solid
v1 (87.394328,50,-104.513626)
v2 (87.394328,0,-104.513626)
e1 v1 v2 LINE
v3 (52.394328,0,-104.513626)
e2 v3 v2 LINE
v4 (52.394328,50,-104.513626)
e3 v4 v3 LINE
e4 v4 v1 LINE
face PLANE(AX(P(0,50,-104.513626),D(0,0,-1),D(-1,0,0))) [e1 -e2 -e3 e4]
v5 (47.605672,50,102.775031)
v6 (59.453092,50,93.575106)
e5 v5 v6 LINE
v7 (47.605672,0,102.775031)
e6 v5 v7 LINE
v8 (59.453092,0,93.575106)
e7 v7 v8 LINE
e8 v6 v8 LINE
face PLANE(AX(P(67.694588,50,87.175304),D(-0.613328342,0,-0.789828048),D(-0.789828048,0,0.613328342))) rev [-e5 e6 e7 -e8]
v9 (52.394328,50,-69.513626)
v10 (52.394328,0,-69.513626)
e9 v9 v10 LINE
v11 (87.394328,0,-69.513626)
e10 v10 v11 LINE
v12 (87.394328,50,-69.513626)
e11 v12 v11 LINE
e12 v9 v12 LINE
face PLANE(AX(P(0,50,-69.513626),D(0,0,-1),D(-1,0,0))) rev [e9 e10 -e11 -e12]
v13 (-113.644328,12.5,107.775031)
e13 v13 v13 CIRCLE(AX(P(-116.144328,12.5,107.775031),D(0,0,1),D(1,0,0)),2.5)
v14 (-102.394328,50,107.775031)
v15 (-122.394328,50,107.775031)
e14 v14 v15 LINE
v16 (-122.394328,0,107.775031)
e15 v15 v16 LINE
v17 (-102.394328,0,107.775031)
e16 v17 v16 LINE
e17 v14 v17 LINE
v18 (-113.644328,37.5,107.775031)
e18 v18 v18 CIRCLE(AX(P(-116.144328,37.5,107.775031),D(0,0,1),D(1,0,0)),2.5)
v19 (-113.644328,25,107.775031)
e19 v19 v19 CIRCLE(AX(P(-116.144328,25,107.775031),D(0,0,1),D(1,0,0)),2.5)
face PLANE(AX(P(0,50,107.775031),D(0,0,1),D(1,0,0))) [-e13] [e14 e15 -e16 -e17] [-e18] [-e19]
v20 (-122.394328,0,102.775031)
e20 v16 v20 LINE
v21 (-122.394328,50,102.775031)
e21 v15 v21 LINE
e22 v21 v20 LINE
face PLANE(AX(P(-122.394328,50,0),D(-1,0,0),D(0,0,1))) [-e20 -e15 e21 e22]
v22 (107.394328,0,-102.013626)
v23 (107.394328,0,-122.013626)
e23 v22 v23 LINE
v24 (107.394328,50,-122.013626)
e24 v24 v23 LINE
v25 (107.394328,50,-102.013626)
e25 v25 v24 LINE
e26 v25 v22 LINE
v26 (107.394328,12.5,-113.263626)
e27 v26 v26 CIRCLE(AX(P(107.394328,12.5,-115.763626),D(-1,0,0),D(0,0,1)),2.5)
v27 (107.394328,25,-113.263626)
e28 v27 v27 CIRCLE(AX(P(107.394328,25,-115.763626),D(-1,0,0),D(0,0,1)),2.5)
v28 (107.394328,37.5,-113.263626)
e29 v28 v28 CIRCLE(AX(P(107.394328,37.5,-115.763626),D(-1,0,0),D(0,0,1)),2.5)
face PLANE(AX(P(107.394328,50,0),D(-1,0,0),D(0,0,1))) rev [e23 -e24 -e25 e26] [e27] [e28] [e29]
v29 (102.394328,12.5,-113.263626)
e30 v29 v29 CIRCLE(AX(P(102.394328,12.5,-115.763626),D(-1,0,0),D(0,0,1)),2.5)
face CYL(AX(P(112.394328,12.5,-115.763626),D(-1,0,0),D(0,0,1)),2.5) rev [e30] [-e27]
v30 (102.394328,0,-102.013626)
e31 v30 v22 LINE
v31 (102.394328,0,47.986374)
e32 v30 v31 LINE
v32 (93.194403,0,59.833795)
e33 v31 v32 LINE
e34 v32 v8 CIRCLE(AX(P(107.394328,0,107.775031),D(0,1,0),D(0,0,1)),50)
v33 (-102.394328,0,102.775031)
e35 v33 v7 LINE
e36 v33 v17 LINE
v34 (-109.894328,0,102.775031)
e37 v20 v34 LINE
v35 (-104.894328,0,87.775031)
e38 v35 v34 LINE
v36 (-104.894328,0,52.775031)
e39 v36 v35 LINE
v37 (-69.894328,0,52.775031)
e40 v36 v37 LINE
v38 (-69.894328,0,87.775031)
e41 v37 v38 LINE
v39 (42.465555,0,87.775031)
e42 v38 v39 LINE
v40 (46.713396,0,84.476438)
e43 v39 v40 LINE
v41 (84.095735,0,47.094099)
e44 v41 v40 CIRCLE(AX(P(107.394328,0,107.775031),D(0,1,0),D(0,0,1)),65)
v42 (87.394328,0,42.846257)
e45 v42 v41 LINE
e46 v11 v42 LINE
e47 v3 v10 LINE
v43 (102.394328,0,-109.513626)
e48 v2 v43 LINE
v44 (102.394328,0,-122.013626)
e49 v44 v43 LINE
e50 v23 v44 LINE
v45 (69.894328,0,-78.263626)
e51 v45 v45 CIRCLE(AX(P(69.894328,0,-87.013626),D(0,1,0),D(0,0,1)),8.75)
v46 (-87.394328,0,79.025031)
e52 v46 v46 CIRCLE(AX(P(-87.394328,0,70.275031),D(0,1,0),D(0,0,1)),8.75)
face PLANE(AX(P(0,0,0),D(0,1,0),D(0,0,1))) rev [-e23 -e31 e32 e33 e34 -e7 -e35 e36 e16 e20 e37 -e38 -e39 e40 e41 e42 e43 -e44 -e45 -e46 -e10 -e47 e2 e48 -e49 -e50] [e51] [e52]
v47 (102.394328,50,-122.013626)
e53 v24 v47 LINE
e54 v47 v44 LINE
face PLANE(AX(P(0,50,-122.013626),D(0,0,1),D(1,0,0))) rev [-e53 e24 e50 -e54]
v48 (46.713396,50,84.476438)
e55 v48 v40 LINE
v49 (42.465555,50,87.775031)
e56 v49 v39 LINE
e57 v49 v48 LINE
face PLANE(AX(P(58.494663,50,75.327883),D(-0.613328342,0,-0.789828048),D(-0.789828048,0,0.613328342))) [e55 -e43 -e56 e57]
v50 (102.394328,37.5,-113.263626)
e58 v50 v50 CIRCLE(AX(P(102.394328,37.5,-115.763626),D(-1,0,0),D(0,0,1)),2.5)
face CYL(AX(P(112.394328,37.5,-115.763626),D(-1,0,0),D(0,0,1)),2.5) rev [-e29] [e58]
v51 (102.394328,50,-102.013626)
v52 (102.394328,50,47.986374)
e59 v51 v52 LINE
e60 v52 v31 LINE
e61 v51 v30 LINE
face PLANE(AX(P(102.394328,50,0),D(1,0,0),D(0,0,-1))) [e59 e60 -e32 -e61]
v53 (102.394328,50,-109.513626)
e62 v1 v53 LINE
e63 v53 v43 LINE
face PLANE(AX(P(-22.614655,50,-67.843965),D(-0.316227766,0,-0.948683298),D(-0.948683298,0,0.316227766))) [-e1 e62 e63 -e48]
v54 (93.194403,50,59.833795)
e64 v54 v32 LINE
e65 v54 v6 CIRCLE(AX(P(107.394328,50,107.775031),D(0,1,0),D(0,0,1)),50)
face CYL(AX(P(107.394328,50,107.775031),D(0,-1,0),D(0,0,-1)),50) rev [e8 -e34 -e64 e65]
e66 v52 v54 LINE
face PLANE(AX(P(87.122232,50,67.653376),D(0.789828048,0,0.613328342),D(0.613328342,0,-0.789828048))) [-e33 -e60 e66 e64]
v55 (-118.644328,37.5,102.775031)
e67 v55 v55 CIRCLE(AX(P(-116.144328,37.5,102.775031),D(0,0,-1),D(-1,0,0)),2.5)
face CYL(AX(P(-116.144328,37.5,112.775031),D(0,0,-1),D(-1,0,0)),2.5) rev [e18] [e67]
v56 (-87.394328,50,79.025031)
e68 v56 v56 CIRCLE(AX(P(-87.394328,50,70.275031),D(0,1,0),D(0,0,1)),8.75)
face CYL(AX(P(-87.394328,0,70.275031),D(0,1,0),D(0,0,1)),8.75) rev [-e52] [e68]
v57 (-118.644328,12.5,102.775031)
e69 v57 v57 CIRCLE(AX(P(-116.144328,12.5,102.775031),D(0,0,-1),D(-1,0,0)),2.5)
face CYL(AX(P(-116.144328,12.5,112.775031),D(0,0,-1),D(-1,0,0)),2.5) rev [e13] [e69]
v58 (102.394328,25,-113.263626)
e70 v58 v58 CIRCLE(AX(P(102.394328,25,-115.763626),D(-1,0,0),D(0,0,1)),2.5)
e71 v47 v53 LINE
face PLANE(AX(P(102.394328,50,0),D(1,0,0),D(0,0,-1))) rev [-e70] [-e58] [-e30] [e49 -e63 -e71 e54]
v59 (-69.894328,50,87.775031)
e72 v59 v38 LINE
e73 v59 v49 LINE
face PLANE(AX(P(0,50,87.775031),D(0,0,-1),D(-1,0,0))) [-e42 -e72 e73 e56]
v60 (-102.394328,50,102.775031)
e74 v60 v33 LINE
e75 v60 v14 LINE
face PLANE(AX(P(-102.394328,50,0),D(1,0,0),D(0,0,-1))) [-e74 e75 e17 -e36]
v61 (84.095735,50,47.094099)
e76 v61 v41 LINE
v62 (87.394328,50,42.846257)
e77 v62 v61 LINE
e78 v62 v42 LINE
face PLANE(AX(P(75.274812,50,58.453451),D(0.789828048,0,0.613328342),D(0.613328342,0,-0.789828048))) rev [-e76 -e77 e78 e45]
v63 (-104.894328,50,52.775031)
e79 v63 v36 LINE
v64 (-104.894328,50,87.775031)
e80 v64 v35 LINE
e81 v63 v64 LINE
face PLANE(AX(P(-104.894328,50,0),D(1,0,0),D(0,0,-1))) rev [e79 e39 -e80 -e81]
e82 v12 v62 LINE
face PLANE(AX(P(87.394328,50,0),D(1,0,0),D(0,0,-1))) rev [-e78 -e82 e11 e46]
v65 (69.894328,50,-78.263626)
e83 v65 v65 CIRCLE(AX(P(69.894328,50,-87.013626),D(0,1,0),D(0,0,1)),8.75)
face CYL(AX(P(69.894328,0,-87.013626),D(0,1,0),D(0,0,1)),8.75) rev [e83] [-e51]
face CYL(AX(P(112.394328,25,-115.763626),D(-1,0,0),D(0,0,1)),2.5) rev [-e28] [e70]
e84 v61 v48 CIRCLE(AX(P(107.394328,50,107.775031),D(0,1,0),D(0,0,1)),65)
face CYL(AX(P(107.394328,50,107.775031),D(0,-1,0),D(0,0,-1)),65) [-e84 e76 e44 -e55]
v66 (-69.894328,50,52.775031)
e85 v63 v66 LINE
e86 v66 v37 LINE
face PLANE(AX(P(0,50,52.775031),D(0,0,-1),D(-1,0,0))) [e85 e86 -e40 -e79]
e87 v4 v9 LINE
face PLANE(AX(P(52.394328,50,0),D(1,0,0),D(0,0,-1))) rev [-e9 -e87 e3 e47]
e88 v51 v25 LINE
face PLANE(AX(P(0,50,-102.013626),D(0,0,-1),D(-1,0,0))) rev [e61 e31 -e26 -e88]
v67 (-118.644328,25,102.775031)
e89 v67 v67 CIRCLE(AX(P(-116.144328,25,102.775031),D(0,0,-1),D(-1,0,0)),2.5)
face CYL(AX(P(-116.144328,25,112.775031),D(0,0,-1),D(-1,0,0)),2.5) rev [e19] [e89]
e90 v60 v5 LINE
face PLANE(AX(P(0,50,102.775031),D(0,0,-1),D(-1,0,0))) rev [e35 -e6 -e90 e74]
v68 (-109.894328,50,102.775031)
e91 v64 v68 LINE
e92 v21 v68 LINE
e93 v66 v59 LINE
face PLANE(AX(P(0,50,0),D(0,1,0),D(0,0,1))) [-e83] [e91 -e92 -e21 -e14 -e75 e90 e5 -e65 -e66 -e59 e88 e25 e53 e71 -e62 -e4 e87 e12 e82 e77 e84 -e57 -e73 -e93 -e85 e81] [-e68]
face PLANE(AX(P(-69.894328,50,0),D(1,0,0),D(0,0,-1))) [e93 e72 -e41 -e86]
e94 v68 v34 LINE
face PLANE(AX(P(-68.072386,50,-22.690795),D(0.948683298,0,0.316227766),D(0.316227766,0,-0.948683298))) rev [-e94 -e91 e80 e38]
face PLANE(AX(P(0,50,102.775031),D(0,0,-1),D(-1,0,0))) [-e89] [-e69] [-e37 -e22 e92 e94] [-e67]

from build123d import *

# Parameters (mm, degrees)
BOSS_EXTRUDE1_DEPTH = 50
SKETCH3_R           = 8.75
CUT_EXTRUDE1_DEPTH  = 50
SKETCH5_R           = 2.5
CUT_EXTRUDE3_DEPTH  = 10
SKETCH6_R           = 2.5
CUT_EXTRUDE4_DEPTH  = 10


with BuildPart() as part:
    # Sketch2 → Boss-Extrude1 (new body)
    with BuildSketch(Plane(origin=(0, 0, 0), x_dir=(1, 0, 0), z_dir=(0, 1, 0))):
        with BuildLine():
            Line((-54.874212294, -102.775031025), (47.605671551, -102.775031025))
            Line((47.605671551, -102.775031025), (59.453092269, -93.575105898))
            ThreePointArc((59.453092269, -93.575105898), (72.038989389, -72.419691965), (93.194403322, -59.833794845))
            Line((93.194403322, -59.833794845), (102.394328449, -47.986374127))
            Line((102.394328449, -47.986374127), (102.394328449, 56.694970167))
            Line((102.394328449, 56.694970167), (102.394328449, 102.013625873))
            Line((102.394328449, 102.013625873), (107.394328449, 102.013625873))
            Line((107.394328449, 102.013625873), (107.394328449, 122.013625873))
            Line((107.394328449, 122.013625873), (102.394328449, 122.013625873))
            Line((102.394328449, 122.013625873), (102.394328449, 109.513625873))
            Line((102.394328449, 109.513625873), (87.394328449, 104.513625873))
            Line((87.394328449, 104.513625873), (52.394328449, 104.513625873))
            Line((52.394328449, 104.513625873), (52.394328449, 69.513625873))
            Line((52.394328449, 69.513625873), (87.394328449, 69.513625873))
            Line((87.394328449, 69.513625873), (87.394328449, -42.846257379))
            Line((87.394328449, -42.846257379), (84.095735231, -47.094098648))
            ThreePointArc((84.095735231, -47.094098648), (61.432387672, -61.813090248), (46.713396072, -84.476437807))
            Line((46.713396072, -84.476437807), (42.465554802, -87.775031025))
            Line((42.465554802, -87.775031025), (-69.894328449, -87.775031025))
            Line((-69.894328449, -87.775031025), (-69.894328449, -52.775031025))
            Line((-69.894328449, -52.775031025), (-104.894328449, -52.775031025))
            Line((-104.894328449, -52.775031025), (-104.894328449, -87.775031025))
            Line((-104.894328449, -87.775031025), (-109.894328449, -102.775031025))
            Line((-109.894328449, -102.775031025), (-122.394328449, -102.775031025))
            Line((-122.394328449, -102.775031025), (-122.394328449, -107.775031025))
            Line((-122.394328449, -107.775031025), (-102.394328449, -107.775031025))
            Line((-102.394328449, -107.775031025), (-102.394328449, -102.775031025))
            Line((-102.394328449, -102.775031025), (-54.874212294, -102.775031025))
        make_face()
    extrude(amount=BOSS_EXTRUDE1_DEPTH)

    # Sketch3 → Cut-Extrude1 (cut)
    with BuildSketch(Plane(origin=(0, 50, 0), x_dir=(1, 0, 0), z_dir=(0, 1, 0))):
        with Locations((-87.394328449, -70.275031025)):
            Circle(SKETCH3_R)
        with Locations((69.894328449, 87.013625873)):
            Circle(SKETCH3_R)
    extrude(amount=-CUT_EXTRUDE1_DEPTH, mode=Mode.SUBTRACT)

    # Sketch5 → Cut-Extrude3 (cut)
    with BuildSketch(Plane(origin=(0, 0, 102.775031025), x_dir=(-1, 0, 0), z_dir=(0, 0, -1))):
        with Locations((116.144328449, 37.5)):
            Circle(SKETCH5_R)
        with Locations((116.144328449, 25)):
            Circle(SKETCH5_R)
        with Locations((116.144328449, 12.5)):
            Circle(SKETCH5_R)
    extrude(amount=-CUT_EXTRUDE3_DEPTH, mode=Mode.SUBTRACT)

    # Sketch6 → Cut-Extrude4 (cut)
    with BuildSketch(Plane.ZY.offset(-102.394328449)):
        with Locations((-115.763625873, 37.5)):
            Circle(SKETCH6_R)
        with Locations((-115.763625873, 25)):
            Circle(SKETCH6_R)
        with Locations((-115.763625873, 12.5)):
            Circle(SKETCH6_R)
    extrude(amount=-CUT_EXTRUDE4_DEPTH, mode=Mode.SUBTRACT)


solid = part.part
